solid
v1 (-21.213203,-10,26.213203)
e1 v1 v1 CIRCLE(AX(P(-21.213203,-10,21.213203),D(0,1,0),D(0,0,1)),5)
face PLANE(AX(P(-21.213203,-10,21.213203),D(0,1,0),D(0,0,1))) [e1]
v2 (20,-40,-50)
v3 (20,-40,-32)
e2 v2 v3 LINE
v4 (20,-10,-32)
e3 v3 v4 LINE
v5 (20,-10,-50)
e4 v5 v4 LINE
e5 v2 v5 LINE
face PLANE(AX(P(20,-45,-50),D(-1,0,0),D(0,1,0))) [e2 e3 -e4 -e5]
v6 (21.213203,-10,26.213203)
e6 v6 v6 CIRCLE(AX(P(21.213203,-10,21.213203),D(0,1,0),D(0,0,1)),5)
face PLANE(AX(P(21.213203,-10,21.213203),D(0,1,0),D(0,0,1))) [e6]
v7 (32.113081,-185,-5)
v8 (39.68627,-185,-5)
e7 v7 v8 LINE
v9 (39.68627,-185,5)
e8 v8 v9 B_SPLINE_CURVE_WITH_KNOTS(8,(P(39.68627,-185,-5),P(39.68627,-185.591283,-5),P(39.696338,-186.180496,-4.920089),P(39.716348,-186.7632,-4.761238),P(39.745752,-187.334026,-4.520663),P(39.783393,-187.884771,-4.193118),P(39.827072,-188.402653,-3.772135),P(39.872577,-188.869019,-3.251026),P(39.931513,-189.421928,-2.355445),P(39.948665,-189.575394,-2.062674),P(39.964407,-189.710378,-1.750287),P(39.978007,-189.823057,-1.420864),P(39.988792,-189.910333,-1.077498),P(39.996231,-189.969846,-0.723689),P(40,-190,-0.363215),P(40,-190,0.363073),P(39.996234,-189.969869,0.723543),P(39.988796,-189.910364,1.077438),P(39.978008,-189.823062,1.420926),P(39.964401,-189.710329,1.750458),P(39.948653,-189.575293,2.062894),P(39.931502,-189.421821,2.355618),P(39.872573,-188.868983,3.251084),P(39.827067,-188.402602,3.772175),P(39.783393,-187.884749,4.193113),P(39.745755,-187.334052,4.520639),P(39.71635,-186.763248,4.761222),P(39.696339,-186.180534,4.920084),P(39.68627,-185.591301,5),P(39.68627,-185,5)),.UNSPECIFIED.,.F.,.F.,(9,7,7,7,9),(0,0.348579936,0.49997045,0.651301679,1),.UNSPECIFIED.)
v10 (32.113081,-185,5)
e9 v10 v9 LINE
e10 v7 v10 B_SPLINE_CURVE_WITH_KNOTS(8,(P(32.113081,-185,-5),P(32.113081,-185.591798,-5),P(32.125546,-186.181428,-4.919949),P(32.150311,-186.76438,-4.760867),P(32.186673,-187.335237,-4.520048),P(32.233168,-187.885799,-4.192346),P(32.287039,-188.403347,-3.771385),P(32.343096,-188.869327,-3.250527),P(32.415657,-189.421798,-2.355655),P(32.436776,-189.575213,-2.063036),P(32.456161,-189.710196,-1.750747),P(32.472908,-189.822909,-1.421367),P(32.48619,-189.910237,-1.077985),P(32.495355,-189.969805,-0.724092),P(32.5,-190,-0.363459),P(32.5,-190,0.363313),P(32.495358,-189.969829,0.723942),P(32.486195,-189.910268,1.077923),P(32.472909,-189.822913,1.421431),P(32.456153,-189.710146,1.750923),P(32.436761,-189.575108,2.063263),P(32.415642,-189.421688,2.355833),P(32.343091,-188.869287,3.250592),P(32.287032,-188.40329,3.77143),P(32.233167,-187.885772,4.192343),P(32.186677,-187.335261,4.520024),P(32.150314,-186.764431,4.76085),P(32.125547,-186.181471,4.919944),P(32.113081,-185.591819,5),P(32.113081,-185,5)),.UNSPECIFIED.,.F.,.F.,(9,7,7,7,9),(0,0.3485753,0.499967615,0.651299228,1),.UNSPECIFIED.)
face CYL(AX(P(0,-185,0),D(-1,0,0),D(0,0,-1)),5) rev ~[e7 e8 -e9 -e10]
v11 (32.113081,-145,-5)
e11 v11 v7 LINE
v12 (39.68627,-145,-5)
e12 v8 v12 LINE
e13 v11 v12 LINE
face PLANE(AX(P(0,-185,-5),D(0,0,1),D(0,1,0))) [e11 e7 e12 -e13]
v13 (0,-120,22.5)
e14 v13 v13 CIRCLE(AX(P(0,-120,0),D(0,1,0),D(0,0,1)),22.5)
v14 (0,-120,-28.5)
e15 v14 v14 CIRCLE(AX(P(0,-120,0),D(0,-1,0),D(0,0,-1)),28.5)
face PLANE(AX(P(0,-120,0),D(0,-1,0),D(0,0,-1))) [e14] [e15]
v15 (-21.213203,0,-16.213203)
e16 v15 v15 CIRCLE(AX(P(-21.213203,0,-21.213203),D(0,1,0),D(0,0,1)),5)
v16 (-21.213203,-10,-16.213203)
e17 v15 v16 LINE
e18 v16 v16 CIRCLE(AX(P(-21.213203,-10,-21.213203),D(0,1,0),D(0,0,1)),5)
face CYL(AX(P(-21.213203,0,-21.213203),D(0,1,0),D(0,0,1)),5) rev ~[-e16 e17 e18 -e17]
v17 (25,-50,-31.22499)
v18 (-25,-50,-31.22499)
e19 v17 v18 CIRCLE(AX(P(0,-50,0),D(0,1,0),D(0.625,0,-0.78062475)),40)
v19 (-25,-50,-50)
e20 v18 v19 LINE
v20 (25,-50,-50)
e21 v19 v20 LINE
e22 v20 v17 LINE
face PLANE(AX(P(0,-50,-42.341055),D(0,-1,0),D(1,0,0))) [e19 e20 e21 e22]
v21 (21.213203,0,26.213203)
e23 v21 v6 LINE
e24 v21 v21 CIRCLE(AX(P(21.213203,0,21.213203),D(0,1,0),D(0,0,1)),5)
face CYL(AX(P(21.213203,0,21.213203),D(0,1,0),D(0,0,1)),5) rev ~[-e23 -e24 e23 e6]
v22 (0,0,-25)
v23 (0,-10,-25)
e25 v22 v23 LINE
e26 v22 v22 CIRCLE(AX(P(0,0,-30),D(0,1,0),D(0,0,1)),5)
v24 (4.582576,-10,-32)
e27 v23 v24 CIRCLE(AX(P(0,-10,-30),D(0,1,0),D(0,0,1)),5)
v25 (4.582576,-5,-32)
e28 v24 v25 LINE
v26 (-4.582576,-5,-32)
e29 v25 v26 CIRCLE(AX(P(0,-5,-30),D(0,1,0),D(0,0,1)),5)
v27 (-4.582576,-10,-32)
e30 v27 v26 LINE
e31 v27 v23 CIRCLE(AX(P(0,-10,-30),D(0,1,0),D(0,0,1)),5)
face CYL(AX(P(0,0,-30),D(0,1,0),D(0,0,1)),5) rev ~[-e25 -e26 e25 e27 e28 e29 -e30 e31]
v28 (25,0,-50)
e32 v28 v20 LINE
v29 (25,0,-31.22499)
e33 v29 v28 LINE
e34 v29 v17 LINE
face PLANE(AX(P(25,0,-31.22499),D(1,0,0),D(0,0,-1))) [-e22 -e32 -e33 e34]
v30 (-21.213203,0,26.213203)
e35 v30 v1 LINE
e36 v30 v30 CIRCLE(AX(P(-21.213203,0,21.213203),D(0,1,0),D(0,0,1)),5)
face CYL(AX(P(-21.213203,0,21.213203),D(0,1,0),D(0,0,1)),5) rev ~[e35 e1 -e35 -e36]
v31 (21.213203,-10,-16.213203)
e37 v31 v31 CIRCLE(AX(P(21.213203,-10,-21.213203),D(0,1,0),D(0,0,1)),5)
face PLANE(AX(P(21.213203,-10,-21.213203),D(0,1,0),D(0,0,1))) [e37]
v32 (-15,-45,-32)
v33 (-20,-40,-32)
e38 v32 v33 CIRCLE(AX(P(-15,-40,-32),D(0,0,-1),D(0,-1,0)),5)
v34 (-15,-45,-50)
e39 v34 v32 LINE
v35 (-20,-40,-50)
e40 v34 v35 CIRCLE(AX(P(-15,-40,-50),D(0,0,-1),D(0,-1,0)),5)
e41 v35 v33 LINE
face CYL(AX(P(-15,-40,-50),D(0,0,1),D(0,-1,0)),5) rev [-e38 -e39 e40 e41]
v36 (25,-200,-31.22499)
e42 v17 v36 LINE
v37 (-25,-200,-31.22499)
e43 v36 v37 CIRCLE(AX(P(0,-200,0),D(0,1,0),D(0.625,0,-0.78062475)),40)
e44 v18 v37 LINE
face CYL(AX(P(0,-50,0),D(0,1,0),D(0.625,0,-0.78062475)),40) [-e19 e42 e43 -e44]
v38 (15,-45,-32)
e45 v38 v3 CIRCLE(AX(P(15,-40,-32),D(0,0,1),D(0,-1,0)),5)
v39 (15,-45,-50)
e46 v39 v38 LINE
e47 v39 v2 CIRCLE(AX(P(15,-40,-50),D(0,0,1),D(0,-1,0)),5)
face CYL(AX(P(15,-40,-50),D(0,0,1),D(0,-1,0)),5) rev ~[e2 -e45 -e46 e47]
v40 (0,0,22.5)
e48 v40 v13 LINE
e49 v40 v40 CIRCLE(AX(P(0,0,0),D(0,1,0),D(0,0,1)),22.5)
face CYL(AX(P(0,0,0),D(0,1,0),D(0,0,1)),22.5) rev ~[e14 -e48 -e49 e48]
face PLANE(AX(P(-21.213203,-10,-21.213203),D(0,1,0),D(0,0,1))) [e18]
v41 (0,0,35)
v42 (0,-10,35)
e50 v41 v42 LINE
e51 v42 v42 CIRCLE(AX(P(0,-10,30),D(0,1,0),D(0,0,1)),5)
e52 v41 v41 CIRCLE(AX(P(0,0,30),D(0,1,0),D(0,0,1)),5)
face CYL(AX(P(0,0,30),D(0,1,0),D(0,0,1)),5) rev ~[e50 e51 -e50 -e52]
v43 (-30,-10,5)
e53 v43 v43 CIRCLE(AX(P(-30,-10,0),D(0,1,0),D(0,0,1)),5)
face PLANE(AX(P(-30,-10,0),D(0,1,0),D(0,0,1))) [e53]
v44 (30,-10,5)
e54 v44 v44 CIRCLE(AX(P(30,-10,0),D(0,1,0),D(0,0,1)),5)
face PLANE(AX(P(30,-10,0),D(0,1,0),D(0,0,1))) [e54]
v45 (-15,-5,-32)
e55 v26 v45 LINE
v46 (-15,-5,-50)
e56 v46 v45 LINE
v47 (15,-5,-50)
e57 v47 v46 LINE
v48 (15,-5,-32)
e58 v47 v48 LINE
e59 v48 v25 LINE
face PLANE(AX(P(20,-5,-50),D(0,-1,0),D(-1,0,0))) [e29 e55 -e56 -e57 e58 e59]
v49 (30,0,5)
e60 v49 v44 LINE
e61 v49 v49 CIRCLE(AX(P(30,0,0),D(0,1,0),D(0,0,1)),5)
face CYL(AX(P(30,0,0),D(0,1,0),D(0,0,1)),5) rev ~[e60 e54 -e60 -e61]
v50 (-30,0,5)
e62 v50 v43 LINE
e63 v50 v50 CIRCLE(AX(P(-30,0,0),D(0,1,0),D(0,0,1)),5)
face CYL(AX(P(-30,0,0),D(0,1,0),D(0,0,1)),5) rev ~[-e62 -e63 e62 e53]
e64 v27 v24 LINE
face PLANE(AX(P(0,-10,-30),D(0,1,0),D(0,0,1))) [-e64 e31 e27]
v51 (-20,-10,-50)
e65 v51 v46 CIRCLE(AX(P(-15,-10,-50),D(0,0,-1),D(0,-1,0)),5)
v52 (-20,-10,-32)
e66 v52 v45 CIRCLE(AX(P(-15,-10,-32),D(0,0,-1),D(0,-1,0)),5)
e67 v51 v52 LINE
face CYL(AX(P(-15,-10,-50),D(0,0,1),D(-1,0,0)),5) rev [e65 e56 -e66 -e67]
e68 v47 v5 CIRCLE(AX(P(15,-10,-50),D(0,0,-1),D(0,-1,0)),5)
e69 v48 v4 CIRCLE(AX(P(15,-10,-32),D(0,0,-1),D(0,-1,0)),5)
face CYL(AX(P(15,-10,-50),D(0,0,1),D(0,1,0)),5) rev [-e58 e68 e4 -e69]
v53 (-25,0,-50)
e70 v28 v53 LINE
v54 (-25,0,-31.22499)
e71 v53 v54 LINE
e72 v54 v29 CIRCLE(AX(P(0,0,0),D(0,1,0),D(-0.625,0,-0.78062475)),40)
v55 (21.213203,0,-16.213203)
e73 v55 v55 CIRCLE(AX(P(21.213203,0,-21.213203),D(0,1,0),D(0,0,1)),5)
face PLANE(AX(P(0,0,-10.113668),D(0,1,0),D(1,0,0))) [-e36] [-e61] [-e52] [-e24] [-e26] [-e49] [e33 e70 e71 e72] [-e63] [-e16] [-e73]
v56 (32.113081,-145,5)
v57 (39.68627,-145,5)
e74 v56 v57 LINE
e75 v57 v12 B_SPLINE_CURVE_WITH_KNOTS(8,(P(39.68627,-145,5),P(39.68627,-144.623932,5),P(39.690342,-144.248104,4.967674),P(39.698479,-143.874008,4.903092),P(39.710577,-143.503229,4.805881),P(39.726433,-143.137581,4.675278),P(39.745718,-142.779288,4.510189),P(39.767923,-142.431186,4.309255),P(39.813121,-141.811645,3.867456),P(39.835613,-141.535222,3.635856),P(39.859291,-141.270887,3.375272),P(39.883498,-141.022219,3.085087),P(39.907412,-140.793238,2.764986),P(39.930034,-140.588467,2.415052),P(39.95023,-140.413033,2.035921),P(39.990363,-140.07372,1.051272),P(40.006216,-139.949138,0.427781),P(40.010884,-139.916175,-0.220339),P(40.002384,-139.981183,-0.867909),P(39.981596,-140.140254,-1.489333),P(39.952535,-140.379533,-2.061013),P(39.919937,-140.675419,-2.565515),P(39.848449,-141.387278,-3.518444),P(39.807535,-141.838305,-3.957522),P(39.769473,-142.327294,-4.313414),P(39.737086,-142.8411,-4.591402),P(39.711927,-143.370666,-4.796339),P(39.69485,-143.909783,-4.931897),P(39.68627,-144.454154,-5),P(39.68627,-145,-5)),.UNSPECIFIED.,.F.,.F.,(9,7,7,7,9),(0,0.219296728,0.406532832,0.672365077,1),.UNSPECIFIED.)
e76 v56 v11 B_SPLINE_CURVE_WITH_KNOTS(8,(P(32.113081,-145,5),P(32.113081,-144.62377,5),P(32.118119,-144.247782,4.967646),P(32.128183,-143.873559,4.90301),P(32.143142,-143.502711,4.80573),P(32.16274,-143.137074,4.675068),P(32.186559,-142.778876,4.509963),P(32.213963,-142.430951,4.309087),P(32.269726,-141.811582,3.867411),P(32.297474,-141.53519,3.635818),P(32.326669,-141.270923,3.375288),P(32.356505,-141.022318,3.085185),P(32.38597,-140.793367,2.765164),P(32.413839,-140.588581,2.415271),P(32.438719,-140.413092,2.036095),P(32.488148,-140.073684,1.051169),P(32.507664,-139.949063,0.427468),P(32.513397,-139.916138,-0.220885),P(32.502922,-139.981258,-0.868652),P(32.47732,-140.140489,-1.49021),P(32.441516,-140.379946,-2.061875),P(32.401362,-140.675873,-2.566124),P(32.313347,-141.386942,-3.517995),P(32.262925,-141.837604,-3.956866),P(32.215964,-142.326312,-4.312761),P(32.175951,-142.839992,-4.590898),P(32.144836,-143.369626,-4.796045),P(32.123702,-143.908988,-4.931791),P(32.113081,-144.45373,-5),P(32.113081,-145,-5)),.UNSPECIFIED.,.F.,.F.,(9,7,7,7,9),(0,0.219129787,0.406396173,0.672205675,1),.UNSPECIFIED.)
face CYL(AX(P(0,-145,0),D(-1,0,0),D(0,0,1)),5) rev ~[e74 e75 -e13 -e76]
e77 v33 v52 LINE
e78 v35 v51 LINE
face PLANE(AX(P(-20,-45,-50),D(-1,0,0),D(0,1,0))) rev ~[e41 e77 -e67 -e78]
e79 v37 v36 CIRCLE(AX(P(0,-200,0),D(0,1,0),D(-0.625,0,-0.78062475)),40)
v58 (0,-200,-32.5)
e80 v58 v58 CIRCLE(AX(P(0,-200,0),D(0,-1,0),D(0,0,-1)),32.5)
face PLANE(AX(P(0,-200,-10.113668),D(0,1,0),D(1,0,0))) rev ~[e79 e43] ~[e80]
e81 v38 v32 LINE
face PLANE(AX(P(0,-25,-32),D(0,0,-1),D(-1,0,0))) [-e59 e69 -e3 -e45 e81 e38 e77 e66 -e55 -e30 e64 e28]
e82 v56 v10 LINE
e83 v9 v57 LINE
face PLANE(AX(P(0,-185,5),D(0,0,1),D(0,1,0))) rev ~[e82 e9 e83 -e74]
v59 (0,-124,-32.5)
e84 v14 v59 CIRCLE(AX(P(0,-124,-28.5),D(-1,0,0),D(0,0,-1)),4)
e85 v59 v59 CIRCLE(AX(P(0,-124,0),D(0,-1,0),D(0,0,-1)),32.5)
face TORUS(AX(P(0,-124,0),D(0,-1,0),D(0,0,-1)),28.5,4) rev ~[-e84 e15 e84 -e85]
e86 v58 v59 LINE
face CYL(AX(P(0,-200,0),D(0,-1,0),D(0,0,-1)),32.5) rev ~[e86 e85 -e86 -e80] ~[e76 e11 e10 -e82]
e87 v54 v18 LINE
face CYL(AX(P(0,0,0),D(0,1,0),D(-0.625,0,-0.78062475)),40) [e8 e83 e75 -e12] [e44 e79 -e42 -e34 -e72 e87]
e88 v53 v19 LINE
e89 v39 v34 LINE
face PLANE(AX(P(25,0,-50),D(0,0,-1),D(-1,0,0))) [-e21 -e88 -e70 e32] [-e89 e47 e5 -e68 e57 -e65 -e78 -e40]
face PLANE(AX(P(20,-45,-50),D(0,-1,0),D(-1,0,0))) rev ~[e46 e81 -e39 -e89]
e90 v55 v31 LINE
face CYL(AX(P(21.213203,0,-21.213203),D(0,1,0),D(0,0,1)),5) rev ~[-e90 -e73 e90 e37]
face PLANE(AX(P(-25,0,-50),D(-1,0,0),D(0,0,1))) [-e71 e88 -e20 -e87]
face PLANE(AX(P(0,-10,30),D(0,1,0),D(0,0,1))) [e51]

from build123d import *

# Parameters (mm, degrees)
BOSS_EXTRUDE4_DEPTH = 200
CUT_EXTRUDE3_START  = -150
CUT_EXTRUDE3_DEPTH  = 150
SKETCH6_R           = 22.5
CUT_EXTRUDE5_DEPTH  = 120
SKETCH7_R           = 32.5
CUT_EXTRUDE6_DEPTH  = 80
FILLET2_R           = 4
SKETCH8_W           = 40
SKETCH8_H           = 40
CUT_EXTRUDE7_DEPTH  = 18
FILLET3_R           = 5
SKETCH10_W          = 10
SKETCH10_H          = 40
CUT_EXTRUDE9_DEPTH  = 69
SKETCH11_R          = 5
CUT_EXTRUDE10_DEPTH = 10


with BuildPart() as part:
    # Sketch1 → Boss-Extrude4 (new body)
    with BuildSketch(Plane(origin=(0, 0, 0), x_dir=(1, 0, 0), z_dir=(0, 1, 0))):
        with BuildLine():
            Line((0, 50), (-25, 50))
            Line((-25, 50), (-25, 31.224990005))
            ThreePointArc((-25, 31.224990005), (0, -40.00000001), (25, 31.224990005))
            Line((25, 31.224990005), (25, 50))
            Line((25, 50), (0, 50))
        make_face()
    extrude(amount=-BOSS_EXTRUDE4_DEPTH)

    # Sketch5 → Cut-Extrude3 (cut)
    with BuildSketch(Plane.XZ.offset(200).offset(CUT_EXTRUDE3_START)):
        with BuildLine():
            Line((-25, -31.224990005), (-25, -50))
            Line((-25, -50), (25, -50))
            Line((25, -50), (25, -31.224990005))
            ThreePointArc((25, -31.224990005), (0, -40.00000001), (-25, -31.224990005))
        make_face()
    extrude(amount=CUT_EXTRUDE3_DEPTH, mode=Mode.SUBTRACT)

    # Sketch6 → Cut-Extrude5 (cut)
    with BuildSketch(Plane(origin=(0, 0, 0), x_dir=(1, 0, 0), z_dir=(0, 1, 0))):
        with Locations(Location((0, 0, 0), (0, 0, 270))):
            Circle(SKETCH6_R)
    extrude(amount=-CUT_EXTRUDE5_DEPTH, mode=Mode.SUBTRACT)

    # Sketch7 → Cut-Extrude6 (cut)
    with BuildSketch(Plane.XZ.offset(200)):
        with Locations(Location((0, 0, 0), (0, 0, 270))):
            Circle(SKETCH7_R)
    extrude(amount=-CUT_EXTRUDE6_DEPTH, mode=Mode.SUBTRACT)

    # Fillet2
    fillet2_edges = [part.edges().sort_by_distance(p)[0] for p in [
        (0, -120, 32.5),
    ]]
    fillet(fillet2_edges, radius=FILLET2_R)

    # Sketch8 → Cut-Extrude7 (cut)
    with BuildSketch(Plane(origin=(0, 0, -50), x_dir=(-1, 0, 0), z_dir=(0, 0, -1))):
        with Locations((0, -25)):
            Rectangle(SKETCH8_W, SKETCH8_H)
    extrude(amount=-CUT_EXTRUDE7_DEPTH, mode=Mode.SUBTRACT)

    # Fillet3
    fillet3_edges = [part.edges().sort_by_distance(p)[0] for p in [
        (20, -45, -41),
        (20, -5, -41),
        (-20, -5, -41),
        (-20, -45, -41),
    ]]
    fillet(fillet3_edges, radius=FILLET3_R)

    # Sketch10 → Cut-Extrude9 (cut)
    with BuildSketch(Plane(origin=(0, 0, 0), x_dir=(0, 0, -1), z_dir=(1, 0, 0))):
        with Locations((0, -165)):
            Rectangle(SKETCH10_W, SKETCH10_H)
        with BuildLine():
            Line((5, -145), (-5, -145))
            ThreePointArc((-5, -145), (0, -140), (5, -145))
        make_face()
        with BuildLine():
            ThreePointArc((5, -185), (0, -190), (-5, -185))
            Line((-5, -185), (5, -185))
        make_face()
    extrude(amount=CUT_EXTRUDE9_DEPTH, mode=Mode.SUBTRACT)

    # Sketch11 → Cut-Extrude10 (cut)
    with BuildSketch(Plane(origin=(0, 0, 0), x_dir=(1, 0, 0), z_dir=(0, 1, 0))):
        with Locations(Location((30, 0, 0), (0, 0, 270))):
            Circle(SKETCH11_R)
        with Locations(Location((21.213203436, -21.213203436, 0), (0, 0, 270))):
            Circle(SKETCH11_R)
        with Locations(Location((0, -30, 0), (0, 0, 270))):
            Circle(SKETCH11_R)
        with Locations(Location((-21.213203436, -21.213203436, 0), (0, 0, 270))):
            Circle(SKETCH11_R)
        with Locations(Location((-30, 0, 0), (0, 0, 270))):
            Circle(SKETCH11_R)
        with Locations(Location((-21.213203436, 21.213203436, 0), (0, 0, 270))):
            Circle(SKETCH11_R)
        with Locations(Location((0, 30, 0), (0, 0, 270))):
            Circle(SKETCH11_R)
        with Locations(Location((21.213203436, 21.213203436, 0), (0, 0, 270))):
            Circle(SKETCH11_R)
    extrude(amount=-CUT_EXTRUDE10_DEPTH, mode=Mode.SUBTRACT)


solid = part.part
